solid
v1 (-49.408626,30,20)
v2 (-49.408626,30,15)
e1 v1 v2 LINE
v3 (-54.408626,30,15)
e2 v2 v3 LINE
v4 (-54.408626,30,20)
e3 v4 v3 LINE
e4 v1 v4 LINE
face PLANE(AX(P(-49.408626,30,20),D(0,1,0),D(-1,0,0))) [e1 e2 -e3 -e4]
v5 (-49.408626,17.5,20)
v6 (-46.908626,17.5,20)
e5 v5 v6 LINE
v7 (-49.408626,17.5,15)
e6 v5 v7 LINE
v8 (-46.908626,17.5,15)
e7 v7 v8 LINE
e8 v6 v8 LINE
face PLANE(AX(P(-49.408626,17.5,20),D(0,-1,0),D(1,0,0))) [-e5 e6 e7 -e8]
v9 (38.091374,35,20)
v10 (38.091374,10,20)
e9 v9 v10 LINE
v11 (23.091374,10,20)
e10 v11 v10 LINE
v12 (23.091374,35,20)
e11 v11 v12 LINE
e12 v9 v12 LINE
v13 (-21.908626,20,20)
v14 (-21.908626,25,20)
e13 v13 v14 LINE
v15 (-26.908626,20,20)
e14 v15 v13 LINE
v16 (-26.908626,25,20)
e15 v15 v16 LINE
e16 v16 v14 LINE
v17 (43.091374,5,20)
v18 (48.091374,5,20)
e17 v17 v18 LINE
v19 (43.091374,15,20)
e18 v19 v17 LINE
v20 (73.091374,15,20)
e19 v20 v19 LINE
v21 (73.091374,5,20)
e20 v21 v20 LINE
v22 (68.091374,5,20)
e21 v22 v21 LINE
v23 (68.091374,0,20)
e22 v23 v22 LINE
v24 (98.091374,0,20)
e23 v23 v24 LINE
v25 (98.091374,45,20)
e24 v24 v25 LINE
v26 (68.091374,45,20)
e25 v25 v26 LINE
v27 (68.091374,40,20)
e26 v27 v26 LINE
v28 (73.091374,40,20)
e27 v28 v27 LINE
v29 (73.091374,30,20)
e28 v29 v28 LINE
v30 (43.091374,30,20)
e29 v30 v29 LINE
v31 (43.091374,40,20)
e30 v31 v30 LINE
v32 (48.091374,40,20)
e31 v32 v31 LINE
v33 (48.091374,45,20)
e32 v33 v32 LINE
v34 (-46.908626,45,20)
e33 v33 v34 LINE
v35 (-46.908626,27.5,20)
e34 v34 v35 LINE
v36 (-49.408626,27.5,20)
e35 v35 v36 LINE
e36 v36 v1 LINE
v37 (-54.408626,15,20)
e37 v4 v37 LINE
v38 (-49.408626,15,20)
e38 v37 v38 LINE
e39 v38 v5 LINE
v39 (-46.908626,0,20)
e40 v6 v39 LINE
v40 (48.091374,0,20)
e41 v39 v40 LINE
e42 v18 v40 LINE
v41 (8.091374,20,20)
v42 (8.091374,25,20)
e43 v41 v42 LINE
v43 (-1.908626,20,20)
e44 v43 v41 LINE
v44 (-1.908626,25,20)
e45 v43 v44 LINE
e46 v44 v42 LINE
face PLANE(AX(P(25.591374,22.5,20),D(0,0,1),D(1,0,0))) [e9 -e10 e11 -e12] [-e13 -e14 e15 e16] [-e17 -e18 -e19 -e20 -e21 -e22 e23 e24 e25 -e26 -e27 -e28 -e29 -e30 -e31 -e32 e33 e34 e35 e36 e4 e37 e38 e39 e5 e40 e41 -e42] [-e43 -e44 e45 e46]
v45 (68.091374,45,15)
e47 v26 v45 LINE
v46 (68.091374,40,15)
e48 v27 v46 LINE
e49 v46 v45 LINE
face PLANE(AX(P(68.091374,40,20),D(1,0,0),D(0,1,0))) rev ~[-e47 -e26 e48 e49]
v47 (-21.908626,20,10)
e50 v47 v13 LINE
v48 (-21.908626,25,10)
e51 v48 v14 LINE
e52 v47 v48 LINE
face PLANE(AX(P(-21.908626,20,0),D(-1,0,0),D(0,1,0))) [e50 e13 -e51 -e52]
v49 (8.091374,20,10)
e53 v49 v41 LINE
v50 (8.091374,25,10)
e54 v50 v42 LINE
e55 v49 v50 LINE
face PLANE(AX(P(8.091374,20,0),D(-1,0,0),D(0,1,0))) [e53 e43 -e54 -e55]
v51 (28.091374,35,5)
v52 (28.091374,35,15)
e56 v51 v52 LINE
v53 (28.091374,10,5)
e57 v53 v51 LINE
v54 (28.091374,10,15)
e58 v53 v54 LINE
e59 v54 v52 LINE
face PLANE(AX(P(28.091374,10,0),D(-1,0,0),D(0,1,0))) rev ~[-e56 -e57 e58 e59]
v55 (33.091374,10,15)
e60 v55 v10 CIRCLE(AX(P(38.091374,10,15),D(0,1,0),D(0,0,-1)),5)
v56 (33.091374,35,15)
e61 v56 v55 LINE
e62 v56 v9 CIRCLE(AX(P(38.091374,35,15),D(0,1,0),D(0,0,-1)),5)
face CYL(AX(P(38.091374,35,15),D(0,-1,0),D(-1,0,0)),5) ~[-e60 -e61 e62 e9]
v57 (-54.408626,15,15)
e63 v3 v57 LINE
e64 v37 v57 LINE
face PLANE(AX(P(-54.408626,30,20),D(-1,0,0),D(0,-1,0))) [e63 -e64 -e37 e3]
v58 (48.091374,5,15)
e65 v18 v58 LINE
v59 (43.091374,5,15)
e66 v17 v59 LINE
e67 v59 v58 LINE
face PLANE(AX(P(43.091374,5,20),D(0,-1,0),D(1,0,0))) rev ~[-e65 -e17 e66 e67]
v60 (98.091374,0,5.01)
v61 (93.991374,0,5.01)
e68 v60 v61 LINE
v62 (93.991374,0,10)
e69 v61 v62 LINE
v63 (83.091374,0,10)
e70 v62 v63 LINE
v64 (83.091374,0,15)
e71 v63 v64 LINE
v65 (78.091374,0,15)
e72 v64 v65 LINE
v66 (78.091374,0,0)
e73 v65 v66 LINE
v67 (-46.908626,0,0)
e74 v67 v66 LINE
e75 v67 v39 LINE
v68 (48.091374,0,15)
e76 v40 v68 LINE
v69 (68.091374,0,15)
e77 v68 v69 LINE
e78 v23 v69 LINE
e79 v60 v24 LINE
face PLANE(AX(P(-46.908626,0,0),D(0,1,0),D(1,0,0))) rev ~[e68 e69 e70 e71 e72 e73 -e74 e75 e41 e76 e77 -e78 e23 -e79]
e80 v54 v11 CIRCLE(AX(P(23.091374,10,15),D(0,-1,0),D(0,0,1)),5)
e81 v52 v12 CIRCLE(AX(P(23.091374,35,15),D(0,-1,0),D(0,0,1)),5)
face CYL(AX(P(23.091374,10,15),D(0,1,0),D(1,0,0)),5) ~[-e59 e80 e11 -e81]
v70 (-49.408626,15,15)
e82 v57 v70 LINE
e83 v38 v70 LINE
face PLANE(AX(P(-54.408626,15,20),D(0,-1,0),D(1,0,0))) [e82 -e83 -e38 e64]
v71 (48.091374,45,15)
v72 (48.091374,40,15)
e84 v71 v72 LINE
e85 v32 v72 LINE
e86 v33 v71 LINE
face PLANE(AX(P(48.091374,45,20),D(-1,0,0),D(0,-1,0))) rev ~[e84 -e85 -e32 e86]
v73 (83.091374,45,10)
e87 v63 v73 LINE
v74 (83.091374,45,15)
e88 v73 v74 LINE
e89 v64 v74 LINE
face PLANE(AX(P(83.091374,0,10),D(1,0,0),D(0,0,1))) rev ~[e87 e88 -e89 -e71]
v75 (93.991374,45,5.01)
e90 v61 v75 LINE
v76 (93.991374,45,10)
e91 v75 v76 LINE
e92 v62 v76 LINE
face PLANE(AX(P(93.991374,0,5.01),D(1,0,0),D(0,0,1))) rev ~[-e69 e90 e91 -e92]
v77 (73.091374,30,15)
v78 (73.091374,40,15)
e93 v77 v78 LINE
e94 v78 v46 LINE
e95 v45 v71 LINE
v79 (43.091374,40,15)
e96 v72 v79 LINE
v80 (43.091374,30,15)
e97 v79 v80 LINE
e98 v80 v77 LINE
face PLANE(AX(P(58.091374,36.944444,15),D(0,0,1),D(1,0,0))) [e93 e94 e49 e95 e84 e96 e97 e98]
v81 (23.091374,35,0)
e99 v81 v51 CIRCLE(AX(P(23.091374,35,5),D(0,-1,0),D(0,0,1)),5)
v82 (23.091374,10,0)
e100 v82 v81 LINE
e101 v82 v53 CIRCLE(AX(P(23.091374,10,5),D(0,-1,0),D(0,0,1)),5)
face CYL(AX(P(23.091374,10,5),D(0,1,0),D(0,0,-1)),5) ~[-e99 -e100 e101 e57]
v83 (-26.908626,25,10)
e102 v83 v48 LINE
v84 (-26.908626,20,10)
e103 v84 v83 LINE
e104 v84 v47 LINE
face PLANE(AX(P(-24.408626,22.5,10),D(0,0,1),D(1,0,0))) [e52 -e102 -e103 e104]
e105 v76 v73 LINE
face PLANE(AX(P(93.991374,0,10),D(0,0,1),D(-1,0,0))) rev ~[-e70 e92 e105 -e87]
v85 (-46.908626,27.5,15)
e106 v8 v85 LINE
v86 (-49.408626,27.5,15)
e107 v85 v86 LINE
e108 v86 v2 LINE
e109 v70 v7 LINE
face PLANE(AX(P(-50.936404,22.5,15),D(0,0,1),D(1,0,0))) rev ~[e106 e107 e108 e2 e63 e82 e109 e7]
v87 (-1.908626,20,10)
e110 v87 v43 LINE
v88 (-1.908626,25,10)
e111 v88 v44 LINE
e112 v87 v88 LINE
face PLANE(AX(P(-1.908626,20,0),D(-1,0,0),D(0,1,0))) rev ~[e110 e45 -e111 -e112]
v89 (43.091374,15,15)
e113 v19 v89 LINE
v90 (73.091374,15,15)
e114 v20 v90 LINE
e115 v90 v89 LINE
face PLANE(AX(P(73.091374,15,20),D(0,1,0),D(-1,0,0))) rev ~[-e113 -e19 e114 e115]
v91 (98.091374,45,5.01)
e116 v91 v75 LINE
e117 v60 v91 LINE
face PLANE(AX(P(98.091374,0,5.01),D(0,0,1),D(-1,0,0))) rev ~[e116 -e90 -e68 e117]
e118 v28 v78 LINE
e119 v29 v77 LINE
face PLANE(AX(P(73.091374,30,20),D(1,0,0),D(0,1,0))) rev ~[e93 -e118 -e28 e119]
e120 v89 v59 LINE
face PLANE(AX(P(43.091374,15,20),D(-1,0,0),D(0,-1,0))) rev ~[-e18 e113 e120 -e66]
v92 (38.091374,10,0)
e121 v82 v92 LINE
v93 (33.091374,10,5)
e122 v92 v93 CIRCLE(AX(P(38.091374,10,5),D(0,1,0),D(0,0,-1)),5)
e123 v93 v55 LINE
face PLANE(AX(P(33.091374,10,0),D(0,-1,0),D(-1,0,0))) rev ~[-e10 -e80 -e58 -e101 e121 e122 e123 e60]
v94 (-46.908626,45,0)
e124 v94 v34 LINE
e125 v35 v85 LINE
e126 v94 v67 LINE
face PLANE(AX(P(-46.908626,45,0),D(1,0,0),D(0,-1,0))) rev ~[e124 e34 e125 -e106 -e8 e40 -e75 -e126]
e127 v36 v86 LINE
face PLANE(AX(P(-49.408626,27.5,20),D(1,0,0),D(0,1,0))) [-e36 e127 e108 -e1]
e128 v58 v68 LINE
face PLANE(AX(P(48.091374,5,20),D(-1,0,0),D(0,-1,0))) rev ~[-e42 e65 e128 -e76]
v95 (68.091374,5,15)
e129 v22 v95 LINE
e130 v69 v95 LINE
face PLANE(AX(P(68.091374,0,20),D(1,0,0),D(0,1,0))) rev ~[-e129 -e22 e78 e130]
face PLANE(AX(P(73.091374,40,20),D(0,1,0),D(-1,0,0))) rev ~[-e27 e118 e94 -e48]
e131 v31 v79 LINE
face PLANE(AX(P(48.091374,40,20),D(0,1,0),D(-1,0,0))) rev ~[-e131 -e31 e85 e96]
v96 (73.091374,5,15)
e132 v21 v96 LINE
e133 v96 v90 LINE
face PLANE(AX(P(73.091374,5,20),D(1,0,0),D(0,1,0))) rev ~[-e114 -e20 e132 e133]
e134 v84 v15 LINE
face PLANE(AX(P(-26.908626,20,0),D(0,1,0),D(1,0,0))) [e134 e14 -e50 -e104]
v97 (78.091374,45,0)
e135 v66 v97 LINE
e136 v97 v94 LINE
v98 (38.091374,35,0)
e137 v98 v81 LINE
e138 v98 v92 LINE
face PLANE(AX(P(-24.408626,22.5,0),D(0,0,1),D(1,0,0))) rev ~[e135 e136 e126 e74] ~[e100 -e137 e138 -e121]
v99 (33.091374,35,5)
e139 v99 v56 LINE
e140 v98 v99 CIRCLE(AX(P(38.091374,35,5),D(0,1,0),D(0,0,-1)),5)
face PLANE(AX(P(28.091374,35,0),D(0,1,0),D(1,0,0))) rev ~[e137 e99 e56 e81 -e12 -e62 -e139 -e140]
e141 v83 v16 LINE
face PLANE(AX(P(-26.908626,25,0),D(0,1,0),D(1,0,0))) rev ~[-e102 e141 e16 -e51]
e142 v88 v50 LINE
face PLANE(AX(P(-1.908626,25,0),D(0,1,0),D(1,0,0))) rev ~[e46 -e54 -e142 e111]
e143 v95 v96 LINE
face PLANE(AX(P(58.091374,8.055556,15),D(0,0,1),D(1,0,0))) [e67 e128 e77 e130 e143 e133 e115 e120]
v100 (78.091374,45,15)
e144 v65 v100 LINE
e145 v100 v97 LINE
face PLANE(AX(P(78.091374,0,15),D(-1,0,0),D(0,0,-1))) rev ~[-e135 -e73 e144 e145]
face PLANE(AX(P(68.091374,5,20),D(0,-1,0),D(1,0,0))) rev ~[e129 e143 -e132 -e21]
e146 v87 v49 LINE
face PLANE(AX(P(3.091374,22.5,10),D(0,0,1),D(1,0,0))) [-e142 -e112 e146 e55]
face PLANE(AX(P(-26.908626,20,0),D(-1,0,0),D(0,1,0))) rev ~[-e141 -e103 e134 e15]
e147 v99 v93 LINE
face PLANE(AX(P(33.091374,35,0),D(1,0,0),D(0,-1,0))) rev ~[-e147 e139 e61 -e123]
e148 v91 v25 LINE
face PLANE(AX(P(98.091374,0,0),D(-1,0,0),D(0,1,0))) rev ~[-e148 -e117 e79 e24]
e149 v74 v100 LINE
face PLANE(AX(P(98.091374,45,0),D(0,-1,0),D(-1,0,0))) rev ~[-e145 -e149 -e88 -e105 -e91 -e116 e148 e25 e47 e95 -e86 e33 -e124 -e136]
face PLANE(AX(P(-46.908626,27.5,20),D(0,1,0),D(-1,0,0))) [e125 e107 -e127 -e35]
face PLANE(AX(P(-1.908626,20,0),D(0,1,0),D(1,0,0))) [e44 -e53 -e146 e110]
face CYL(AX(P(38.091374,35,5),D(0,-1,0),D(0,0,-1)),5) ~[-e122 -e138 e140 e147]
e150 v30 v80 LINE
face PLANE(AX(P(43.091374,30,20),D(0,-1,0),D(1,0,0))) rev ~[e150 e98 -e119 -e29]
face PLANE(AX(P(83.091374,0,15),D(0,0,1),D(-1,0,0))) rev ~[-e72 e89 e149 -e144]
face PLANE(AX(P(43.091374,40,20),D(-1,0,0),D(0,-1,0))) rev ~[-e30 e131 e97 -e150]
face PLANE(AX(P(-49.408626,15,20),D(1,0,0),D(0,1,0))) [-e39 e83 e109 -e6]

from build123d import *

# Parameters (mm, degrees)
F0_W     = 5
F0_H     = 5
F0_W_2   = 10
F1_DEPTH = 20
F2_DEPTH = 10
F3_R     = 5
F5_DEPTH = 5
F7_DEPTH = 50
F9_DEPTH = 5


with BuildPart() as f1:
    # F0 (on Top) → F1 (new body)
    with BuildSketch(Plane.XY):
        Polygon((-46.9086258113, 17.5), (-46.9086258113, 0), (98.0913741887, 0), (98.0913741887, 45), (-46.9086258113, 45), (-46.9086258113, 27.5), align=None)
        with Locations((-24.4086258113, 22.5)):
            Rectangle(F0_W, F0_H, mode=Mode.SUBTRACT)
        with Locations((3.0913741887, 22.5)):
            Rectangle(F0_W_2, F0_H, mode=Mode.SUBTRACT)
        Polygon((28.0913741887, 10), (28.0913741887, 25), (28.0913741887, 35), (33.0913741887, 35), (33.0913741887, 10), align=None, mode=Mode.SUBTRACT)
    extrude(amount=F1_DEPTH)

    # F0 (on Top) → F2 (join)
    with BuildSketch(Plane.XY):
        with Locations((-24.4086258113, 22.5)):
            Rectangle(F0_W, F0_H)
        with Locations((3.0913741887, 22.5)):
            Rectangle(F0_W_2, F0_H)
    extrude(amount=F2_DEPTH)

    # F3
    f3_edges = [f1.edges().sort_by_distance(p)[0] for p in [
        (33.091374, 22.5, 20),
        (28.091374, 22.5, 20),
        (28.091374, 22.5, 0),
        (33.091374, 22.5, 0),
    ]]
    fillet(f3_edges, radius=F3_R)

    # F4 (on face) → F5 (join)
    with BuildSketch(Plane.XY.offset(20)):
        Polygon((-46.9086258113, 17.5), (-46.9086258113, 27.5), (-49.4086258113, 27.5), (-49.4086258113, 30), (-54.4086258113, 30), (-54.4086258113, 15), (-49.4086258113, 15), (-49.4086258113, 17.5), align=None)
    extrude(amount=-F5_DEPTH)

    # F6 (on face) → F7 (cut)
    with BuildSketch(Plane.XZ):
        Polygon((93.9913741887, 10), (83.0913741887, 10), (83.0913741887, 15), (78.0913741887, 15), (78.0913741887, 0), (98.0913741887, 0), (98.0913741887, 5.01), (93.9913741887, 5.01), align=None)
    extrude(amount=-F7_DEPTH, mode=Mode.SUBTRACT)

    # F8 (on face) → F9 (cut)
    with BuildSketch(Plane.XY.offset(20)):
        Polygon((48.0913741887, 0), (68.0913741887, 0), (68.0913741887, 5), (73.0913741887, 5), (73.0913741887, 15), (43.0913741887, 15), (43.0913741887, 5), (48.0913741887, 5), align=None)
        Polygon((68.0913741887, 40), (68.0913741887, 45), (48.0913741887, 45), (48.0913741887, 40), (43.0913741887, 40), (43.0913741887, 30), (73.0913741887, 30), (73.0913741887, 40), align=None)
    extrude(amount=-F9_DEPTH, mode=Mode.SUBTRACT)


solid = f1.part
